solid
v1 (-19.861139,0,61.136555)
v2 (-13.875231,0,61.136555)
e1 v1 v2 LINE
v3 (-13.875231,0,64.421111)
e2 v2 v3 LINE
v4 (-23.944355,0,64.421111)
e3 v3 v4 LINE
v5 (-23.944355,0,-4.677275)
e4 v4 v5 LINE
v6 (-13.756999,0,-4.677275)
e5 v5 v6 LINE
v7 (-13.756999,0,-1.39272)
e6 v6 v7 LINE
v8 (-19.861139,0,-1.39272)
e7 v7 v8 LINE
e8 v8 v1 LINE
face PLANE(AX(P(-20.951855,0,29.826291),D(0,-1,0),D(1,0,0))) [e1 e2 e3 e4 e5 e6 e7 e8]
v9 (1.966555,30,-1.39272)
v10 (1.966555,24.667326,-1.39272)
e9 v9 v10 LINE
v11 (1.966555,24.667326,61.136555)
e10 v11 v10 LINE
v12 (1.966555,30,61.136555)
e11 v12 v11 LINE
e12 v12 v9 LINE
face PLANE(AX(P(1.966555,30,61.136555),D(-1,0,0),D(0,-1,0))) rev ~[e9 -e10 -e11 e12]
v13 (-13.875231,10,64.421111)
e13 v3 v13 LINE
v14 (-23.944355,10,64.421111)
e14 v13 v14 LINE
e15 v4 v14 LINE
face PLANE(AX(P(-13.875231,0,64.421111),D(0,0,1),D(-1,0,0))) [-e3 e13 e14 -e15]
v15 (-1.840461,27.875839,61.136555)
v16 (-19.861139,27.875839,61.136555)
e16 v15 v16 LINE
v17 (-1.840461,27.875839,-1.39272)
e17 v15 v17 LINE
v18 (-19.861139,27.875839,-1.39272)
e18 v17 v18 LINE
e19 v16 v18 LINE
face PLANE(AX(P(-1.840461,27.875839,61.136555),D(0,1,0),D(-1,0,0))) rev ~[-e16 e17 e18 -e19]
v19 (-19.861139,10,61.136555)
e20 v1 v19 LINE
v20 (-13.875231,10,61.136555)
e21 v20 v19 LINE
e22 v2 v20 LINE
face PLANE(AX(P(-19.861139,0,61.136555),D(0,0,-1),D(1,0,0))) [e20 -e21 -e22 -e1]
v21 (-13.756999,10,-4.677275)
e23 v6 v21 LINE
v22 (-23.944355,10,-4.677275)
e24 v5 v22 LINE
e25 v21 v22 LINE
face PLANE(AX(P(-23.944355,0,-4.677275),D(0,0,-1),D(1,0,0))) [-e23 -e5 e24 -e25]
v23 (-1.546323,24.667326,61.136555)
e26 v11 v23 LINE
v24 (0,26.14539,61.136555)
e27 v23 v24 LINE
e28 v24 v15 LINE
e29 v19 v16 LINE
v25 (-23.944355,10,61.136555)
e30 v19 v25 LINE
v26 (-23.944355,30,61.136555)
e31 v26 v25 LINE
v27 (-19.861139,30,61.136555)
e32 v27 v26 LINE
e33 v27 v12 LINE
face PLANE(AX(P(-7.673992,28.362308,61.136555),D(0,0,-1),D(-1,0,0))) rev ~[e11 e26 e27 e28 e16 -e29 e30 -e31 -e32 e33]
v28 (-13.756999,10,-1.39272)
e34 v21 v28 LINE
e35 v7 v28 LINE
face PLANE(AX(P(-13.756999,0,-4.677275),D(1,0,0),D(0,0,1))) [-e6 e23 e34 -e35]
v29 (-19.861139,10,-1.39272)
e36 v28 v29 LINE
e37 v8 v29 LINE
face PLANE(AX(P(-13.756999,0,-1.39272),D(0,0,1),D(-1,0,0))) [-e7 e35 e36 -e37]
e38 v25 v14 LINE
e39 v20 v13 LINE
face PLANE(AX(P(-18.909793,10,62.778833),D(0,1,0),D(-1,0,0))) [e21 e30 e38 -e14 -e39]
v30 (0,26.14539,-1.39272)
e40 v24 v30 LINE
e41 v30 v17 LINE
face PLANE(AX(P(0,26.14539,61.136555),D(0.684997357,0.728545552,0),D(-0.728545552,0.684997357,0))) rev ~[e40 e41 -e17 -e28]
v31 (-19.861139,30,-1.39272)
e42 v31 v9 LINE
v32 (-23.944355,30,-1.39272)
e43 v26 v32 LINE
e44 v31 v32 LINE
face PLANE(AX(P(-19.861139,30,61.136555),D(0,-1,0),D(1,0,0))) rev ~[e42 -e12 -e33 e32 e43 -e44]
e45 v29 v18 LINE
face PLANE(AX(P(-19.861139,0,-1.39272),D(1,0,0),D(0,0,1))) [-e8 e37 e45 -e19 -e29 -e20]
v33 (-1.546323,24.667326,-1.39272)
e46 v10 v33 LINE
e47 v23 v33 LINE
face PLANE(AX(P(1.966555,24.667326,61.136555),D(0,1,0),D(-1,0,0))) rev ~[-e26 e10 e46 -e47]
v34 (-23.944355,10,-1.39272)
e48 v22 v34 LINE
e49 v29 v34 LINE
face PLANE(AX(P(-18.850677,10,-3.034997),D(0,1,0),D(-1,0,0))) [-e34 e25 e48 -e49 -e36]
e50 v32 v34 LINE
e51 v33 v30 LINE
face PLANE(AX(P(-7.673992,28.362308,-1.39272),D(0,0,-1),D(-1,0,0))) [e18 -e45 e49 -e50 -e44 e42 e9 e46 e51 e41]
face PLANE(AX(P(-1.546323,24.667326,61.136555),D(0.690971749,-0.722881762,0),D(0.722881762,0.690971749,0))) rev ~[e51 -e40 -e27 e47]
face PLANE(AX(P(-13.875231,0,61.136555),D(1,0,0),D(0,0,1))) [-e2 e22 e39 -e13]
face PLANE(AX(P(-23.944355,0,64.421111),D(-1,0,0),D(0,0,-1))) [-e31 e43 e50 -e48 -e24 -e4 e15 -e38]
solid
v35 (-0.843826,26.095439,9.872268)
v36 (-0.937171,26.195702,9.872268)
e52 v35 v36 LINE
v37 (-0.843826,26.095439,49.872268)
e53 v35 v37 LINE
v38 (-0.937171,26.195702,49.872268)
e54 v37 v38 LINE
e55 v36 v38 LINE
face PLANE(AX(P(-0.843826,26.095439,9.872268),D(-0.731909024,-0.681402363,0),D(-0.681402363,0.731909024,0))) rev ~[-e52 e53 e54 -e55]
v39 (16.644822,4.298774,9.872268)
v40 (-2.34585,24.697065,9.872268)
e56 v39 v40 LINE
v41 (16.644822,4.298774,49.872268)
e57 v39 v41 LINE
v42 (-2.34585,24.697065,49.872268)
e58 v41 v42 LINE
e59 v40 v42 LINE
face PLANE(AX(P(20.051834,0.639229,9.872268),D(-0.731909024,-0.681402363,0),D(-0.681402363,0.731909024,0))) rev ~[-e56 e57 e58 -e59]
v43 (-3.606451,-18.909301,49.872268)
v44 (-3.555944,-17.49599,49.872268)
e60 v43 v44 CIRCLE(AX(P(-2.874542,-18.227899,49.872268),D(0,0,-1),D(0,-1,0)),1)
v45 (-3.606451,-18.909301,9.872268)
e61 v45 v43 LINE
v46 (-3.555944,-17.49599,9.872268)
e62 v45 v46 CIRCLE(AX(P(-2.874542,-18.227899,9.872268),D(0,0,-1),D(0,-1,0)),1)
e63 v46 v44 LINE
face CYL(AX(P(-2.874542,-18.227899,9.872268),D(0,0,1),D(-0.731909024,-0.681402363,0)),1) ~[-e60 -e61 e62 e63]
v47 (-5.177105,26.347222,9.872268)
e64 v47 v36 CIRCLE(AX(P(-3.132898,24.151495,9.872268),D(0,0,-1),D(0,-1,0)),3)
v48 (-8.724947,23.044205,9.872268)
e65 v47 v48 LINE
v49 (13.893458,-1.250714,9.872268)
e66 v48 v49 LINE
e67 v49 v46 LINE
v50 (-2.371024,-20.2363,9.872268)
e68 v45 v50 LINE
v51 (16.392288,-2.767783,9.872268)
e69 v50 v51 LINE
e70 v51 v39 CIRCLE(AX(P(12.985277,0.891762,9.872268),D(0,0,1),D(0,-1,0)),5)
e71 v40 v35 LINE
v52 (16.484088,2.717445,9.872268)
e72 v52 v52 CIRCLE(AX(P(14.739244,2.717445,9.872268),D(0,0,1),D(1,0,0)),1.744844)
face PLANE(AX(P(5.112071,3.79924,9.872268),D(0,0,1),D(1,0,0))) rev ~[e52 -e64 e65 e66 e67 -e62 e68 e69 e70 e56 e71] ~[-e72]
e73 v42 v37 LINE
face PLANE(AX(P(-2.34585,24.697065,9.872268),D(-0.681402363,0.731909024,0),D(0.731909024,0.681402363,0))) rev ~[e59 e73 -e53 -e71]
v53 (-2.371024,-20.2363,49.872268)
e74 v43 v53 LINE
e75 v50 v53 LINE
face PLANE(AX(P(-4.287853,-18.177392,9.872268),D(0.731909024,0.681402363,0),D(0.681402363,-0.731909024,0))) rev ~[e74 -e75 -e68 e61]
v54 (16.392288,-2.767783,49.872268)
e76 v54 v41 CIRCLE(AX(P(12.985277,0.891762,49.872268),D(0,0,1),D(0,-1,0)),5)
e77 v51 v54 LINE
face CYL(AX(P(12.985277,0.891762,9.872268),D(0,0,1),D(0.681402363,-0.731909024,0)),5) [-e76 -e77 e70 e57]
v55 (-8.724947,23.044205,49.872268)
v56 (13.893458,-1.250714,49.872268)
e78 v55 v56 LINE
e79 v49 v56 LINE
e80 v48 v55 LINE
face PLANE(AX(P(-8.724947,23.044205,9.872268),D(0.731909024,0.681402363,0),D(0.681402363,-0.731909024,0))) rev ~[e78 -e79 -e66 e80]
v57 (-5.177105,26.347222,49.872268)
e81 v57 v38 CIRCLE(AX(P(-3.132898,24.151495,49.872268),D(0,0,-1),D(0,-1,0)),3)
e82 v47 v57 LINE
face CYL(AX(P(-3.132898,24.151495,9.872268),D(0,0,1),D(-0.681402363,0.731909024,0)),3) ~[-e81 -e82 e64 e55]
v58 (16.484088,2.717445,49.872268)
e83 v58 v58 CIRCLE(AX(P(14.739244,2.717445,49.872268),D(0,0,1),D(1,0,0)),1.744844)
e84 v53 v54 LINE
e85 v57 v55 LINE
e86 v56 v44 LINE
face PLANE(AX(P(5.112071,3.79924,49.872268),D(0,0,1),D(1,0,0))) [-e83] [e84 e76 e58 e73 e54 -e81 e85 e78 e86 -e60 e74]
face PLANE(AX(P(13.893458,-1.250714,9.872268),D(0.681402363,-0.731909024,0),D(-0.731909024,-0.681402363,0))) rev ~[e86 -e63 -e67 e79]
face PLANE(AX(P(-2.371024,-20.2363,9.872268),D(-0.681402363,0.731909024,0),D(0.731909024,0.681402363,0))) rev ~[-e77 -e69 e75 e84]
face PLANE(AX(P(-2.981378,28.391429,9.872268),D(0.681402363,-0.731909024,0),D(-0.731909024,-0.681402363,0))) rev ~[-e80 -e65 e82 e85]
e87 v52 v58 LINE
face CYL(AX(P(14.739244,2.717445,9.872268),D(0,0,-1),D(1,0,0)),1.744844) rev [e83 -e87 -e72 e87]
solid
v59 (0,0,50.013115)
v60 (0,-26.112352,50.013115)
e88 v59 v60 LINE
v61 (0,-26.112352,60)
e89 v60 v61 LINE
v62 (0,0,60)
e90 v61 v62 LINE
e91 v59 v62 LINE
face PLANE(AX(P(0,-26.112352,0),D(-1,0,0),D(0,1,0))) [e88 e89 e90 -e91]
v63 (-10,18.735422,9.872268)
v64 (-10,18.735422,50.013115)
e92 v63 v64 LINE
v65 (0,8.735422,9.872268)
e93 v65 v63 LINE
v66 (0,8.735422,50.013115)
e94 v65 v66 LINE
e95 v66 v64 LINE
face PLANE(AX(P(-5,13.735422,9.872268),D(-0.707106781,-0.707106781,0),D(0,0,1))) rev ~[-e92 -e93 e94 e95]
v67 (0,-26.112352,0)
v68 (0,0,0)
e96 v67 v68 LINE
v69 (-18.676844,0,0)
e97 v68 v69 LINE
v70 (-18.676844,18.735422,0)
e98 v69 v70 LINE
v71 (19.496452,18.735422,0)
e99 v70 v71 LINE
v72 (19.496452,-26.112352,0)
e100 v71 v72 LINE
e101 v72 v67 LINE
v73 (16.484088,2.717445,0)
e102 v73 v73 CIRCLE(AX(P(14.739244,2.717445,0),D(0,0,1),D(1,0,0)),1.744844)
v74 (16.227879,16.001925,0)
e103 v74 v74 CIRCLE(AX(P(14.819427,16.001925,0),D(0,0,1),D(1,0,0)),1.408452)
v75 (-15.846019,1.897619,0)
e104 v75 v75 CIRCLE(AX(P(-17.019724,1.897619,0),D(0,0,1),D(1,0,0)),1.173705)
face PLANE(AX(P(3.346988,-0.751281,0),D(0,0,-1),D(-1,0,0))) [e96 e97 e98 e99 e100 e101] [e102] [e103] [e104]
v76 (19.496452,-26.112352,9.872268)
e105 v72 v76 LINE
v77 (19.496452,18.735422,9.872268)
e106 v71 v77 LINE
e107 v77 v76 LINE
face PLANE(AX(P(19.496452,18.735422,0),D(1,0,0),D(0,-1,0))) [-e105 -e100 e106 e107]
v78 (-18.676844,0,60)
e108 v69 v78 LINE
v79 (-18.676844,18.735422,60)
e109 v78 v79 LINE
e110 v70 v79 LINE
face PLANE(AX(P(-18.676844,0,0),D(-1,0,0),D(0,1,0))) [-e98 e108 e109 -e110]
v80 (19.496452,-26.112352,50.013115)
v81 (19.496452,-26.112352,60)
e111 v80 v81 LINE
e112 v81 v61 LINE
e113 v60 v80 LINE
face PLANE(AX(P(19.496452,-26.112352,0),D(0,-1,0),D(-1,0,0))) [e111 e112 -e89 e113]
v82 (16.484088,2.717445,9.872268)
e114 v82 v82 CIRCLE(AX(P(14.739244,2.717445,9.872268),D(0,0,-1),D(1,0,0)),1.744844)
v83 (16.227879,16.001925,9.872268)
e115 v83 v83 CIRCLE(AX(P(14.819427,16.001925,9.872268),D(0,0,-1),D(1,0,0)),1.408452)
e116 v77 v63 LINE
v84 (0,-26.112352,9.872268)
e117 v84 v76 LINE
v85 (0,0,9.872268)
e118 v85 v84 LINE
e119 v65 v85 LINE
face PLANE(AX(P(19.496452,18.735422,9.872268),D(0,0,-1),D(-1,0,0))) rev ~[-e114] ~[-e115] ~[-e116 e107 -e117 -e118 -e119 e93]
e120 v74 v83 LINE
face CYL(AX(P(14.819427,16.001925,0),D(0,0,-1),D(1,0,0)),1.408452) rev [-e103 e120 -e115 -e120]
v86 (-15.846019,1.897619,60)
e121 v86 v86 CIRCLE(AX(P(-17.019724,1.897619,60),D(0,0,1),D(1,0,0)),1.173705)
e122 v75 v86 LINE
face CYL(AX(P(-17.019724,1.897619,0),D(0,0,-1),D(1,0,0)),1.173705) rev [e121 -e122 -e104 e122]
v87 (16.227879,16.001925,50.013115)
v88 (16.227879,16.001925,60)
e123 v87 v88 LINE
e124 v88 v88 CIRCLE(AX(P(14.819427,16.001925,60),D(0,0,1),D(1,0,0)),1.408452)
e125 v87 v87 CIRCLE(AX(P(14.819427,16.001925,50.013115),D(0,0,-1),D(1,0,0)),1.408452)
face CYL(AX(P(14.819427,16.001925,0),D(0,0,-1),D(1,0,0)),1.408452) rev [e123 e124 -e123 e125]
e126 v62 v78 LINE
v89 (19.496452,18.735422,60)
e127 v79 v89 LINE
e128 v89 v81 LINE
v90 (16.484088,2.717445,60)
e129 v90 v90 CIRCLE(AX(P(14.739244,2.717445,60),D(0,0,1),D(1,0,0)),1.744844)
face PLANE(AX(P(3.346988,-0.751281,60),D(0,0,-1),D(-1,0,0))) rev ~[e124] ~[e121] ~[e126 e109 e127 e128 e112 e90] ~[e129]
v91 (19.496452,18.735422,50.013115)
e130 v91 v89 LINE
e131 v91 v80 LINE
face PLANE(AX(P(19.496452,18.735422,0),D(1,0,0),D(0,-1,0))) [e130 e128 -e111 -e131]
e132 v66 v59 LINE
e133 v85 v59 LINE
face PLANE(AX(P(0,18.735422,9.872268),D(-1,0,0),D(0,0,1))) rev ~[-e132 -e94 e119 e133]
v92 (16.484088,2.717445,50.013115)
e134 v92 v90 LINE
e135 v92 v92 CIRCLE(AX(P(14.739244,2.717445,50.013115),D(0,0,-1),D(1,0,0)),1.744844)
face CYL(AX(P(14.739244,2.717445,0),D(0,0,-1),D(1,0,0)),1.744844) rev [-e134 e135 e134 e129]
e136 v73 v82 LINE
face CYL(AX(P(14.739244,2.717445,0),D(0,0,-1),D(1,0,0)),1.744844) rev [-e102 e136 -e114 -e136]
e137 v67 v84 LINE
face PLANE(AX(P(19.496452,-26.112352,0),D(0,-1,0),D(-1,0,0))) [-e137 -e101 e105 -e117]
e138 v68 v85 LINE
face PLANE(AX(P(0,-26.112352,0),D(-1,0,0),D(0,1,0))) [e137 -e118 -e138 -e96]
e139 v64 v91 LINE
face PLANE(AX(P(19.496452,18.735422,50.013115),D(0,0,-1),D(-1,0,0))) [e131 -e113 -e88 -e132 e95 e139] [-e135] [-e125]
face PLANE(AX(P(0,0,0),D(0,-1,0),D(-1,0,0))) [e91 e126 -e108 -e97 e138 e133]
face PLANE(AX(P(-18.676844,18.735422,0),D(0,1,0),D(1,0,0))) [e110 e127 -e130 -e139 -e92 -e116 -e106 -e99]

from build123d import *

# Parameters (mm, degrees)
SKETCH_R        = 1.744844
SKETCH_R_2      = 1.408452
SKETCH_R_3      = 1.173705
PAD_DEPTH       = 60
SKETCH001_W     = 19.496452
SKETCH001_H     = 40.140847
POCKET_DEPTH    = 44.848774
CHAMFER_SIZE    = 10
SKETCH002_R     = 1.744844
PAD001_DEPTH    = 40
FILLET_R        = 5
FILLET001_R     = 1
FILLET002_R     = 3
PAD002_DEPTH    = 30
SKETCH004_W     = 10.069124
SKETCH004_H     = 3.2845556667
SKETCH004_W_2   = 10.1873559999
POCKET001_DEPTH = 20
PAD003_DEPTH    = 62.529275


with BuildPart() as corps:
    # Sketch → Pad (new body)
    with BuildSketch(Plane.XY):
        Polygon((0, 0), (-18.676844, 0), (-18.676844, 18.735422), (19.496452, 18.735422), (19.496452, -26.112352), (0, -26.112352), align=None)
        with Locations((14.739244, 2.717445)):
            Circle(SKETCH_R, mode=Mode.SUBTRACT)
        with Locations((14.819427, 16.001925)):
            Circle(SKETCH_R_2, mode=Mode.SUBTRACT)
        with Locations((-17.019724, 1.897619)):
            Circle(SKETCH_R_3, mode=Mode.SUBTRACT)
    extrude(amount=PAD_DEPTH)

    # Sketch001 (on Face3 of Pad) → Pocket (cut, through all)
    with BuildSketch(Plane(origin=(0, 18.735422, 0), x_dir=(-1, 0, 0), z_dir=(0, 1, 0))):
        with Locations((-9.748226, 29.9426915)):
            Rectangle(SKETCH001_W, SKETCH001_H)
    extrude(amount=-POCKET_DEPTH, mode=Mode.SUBTRACT)

    # Chamfer
    chamfer_edges = [corps.edges().sort_by_distance(p)[0] for p in [
        (0, 18.735422, 29.942692),
    ]]
    chamfer(chamfer_edges, length=CHAMFER_SIZE)


with BuildPart() as corps001:
    # Sketch002 (on Face1 of CopyChamfer) → Pad001 (new body)
    with BuildSketch(Plane.XY.offset(9.872268)):
        Polygon((-8.7249473249, 23.0442047805), (13.8934580907, -1.2507139475), (-4.2878532232, -18.1773921097), (-2.3710238866, -20.2362999812), (20.0518335164, 0.6392289718), (-2.3458496685, 24.6970651752), (-0.8438262999, 26.0954387971), (-2.9813778673, 28.3914291931), align=None)
        with Locations((14.739244, 2.717445)):
            Circle(SKETCH002_R, mode=Mode.SUBTRACT)
    extrude(amount=PAD001_DEPTH)

    # Fillet
    fillet_edges = [corps001.edges().sort_by_distance(p)[0] for p in [
        (20.051834, 0.639229, 29.872268),
    ]]
    fillet(fillet_edges, radius=FILLET_R)

    # Fillet001
    fillet001_edges = [corps001.edges().sort_by_distance(p)[0] for p in [
        (-4.287853, -18.177392, 29.872268),
    ]]
    fillet(fillet001_edges, radius=FILLET001_R)

    # Fillet002
    fillet002_edges = [corps001.edges().sort_by_distance(p)[0] for p in [
        (-2.981378, 28.391429, 29.872268),
    ]]
    fillet(fillet002_edges, radius=FILLET002_R)


with BuildPart() as corps002:
    # Sketch003 (on Face1 of CopyChamfer001) → Pad002 (new body)
    with BuildSketch(Plane.XZ):
        Polygon((-19.861139, 61.1365553333), (-13.8752310001, 61.1365553333), (-13.8752310001, 64.421111), (-23.944355, 64.421111), (-23.944355, -4.6772753333), (-13.7569990001, -4.6772753333), (-13.7569990001, -1.3927196667), (-19.861139, -1.3927196667), align=None)
    extrude(amount=-PAD002_DEPTH)

    # Sketch004 (on Face10 of Pad002) → Pocket001 (cut)
    with BuildSketch(Plane(origin=(0, 30, 0), x_dir=(-1, 0, 0), z_dir=(0, 1, 0))):
        with Locations((18.909793, 62.7788331667)):
            Rectangle(SKETCH004_W, SKETCH004_H)
        with Locations((18.8506770001, -3.0349975)):
            Rectangle(SKETCH004_W_2, SKETCH004_H)
    extrude(amount=-POCKET001_DEPTH, mode=Mode.SUBTRACT)

    # Sketch005 (on Face11 of Pocket001) → Pad003 (join)
    with BuildSketch(Plane.XY.offset(61.1365553333)):
        Polygon((-19.861139, 30), (1.966555, 30), (1.966555, 24.667326), (-1.546323, 24.667326), (0, 26.14539), (-1.840461, 27.875839), (-19.861139, 27.875839), align=None)
    extrude(amount=-PAD003_DEPTH)


solid = Compound([corps.part, corps001.part, corps002.part])
